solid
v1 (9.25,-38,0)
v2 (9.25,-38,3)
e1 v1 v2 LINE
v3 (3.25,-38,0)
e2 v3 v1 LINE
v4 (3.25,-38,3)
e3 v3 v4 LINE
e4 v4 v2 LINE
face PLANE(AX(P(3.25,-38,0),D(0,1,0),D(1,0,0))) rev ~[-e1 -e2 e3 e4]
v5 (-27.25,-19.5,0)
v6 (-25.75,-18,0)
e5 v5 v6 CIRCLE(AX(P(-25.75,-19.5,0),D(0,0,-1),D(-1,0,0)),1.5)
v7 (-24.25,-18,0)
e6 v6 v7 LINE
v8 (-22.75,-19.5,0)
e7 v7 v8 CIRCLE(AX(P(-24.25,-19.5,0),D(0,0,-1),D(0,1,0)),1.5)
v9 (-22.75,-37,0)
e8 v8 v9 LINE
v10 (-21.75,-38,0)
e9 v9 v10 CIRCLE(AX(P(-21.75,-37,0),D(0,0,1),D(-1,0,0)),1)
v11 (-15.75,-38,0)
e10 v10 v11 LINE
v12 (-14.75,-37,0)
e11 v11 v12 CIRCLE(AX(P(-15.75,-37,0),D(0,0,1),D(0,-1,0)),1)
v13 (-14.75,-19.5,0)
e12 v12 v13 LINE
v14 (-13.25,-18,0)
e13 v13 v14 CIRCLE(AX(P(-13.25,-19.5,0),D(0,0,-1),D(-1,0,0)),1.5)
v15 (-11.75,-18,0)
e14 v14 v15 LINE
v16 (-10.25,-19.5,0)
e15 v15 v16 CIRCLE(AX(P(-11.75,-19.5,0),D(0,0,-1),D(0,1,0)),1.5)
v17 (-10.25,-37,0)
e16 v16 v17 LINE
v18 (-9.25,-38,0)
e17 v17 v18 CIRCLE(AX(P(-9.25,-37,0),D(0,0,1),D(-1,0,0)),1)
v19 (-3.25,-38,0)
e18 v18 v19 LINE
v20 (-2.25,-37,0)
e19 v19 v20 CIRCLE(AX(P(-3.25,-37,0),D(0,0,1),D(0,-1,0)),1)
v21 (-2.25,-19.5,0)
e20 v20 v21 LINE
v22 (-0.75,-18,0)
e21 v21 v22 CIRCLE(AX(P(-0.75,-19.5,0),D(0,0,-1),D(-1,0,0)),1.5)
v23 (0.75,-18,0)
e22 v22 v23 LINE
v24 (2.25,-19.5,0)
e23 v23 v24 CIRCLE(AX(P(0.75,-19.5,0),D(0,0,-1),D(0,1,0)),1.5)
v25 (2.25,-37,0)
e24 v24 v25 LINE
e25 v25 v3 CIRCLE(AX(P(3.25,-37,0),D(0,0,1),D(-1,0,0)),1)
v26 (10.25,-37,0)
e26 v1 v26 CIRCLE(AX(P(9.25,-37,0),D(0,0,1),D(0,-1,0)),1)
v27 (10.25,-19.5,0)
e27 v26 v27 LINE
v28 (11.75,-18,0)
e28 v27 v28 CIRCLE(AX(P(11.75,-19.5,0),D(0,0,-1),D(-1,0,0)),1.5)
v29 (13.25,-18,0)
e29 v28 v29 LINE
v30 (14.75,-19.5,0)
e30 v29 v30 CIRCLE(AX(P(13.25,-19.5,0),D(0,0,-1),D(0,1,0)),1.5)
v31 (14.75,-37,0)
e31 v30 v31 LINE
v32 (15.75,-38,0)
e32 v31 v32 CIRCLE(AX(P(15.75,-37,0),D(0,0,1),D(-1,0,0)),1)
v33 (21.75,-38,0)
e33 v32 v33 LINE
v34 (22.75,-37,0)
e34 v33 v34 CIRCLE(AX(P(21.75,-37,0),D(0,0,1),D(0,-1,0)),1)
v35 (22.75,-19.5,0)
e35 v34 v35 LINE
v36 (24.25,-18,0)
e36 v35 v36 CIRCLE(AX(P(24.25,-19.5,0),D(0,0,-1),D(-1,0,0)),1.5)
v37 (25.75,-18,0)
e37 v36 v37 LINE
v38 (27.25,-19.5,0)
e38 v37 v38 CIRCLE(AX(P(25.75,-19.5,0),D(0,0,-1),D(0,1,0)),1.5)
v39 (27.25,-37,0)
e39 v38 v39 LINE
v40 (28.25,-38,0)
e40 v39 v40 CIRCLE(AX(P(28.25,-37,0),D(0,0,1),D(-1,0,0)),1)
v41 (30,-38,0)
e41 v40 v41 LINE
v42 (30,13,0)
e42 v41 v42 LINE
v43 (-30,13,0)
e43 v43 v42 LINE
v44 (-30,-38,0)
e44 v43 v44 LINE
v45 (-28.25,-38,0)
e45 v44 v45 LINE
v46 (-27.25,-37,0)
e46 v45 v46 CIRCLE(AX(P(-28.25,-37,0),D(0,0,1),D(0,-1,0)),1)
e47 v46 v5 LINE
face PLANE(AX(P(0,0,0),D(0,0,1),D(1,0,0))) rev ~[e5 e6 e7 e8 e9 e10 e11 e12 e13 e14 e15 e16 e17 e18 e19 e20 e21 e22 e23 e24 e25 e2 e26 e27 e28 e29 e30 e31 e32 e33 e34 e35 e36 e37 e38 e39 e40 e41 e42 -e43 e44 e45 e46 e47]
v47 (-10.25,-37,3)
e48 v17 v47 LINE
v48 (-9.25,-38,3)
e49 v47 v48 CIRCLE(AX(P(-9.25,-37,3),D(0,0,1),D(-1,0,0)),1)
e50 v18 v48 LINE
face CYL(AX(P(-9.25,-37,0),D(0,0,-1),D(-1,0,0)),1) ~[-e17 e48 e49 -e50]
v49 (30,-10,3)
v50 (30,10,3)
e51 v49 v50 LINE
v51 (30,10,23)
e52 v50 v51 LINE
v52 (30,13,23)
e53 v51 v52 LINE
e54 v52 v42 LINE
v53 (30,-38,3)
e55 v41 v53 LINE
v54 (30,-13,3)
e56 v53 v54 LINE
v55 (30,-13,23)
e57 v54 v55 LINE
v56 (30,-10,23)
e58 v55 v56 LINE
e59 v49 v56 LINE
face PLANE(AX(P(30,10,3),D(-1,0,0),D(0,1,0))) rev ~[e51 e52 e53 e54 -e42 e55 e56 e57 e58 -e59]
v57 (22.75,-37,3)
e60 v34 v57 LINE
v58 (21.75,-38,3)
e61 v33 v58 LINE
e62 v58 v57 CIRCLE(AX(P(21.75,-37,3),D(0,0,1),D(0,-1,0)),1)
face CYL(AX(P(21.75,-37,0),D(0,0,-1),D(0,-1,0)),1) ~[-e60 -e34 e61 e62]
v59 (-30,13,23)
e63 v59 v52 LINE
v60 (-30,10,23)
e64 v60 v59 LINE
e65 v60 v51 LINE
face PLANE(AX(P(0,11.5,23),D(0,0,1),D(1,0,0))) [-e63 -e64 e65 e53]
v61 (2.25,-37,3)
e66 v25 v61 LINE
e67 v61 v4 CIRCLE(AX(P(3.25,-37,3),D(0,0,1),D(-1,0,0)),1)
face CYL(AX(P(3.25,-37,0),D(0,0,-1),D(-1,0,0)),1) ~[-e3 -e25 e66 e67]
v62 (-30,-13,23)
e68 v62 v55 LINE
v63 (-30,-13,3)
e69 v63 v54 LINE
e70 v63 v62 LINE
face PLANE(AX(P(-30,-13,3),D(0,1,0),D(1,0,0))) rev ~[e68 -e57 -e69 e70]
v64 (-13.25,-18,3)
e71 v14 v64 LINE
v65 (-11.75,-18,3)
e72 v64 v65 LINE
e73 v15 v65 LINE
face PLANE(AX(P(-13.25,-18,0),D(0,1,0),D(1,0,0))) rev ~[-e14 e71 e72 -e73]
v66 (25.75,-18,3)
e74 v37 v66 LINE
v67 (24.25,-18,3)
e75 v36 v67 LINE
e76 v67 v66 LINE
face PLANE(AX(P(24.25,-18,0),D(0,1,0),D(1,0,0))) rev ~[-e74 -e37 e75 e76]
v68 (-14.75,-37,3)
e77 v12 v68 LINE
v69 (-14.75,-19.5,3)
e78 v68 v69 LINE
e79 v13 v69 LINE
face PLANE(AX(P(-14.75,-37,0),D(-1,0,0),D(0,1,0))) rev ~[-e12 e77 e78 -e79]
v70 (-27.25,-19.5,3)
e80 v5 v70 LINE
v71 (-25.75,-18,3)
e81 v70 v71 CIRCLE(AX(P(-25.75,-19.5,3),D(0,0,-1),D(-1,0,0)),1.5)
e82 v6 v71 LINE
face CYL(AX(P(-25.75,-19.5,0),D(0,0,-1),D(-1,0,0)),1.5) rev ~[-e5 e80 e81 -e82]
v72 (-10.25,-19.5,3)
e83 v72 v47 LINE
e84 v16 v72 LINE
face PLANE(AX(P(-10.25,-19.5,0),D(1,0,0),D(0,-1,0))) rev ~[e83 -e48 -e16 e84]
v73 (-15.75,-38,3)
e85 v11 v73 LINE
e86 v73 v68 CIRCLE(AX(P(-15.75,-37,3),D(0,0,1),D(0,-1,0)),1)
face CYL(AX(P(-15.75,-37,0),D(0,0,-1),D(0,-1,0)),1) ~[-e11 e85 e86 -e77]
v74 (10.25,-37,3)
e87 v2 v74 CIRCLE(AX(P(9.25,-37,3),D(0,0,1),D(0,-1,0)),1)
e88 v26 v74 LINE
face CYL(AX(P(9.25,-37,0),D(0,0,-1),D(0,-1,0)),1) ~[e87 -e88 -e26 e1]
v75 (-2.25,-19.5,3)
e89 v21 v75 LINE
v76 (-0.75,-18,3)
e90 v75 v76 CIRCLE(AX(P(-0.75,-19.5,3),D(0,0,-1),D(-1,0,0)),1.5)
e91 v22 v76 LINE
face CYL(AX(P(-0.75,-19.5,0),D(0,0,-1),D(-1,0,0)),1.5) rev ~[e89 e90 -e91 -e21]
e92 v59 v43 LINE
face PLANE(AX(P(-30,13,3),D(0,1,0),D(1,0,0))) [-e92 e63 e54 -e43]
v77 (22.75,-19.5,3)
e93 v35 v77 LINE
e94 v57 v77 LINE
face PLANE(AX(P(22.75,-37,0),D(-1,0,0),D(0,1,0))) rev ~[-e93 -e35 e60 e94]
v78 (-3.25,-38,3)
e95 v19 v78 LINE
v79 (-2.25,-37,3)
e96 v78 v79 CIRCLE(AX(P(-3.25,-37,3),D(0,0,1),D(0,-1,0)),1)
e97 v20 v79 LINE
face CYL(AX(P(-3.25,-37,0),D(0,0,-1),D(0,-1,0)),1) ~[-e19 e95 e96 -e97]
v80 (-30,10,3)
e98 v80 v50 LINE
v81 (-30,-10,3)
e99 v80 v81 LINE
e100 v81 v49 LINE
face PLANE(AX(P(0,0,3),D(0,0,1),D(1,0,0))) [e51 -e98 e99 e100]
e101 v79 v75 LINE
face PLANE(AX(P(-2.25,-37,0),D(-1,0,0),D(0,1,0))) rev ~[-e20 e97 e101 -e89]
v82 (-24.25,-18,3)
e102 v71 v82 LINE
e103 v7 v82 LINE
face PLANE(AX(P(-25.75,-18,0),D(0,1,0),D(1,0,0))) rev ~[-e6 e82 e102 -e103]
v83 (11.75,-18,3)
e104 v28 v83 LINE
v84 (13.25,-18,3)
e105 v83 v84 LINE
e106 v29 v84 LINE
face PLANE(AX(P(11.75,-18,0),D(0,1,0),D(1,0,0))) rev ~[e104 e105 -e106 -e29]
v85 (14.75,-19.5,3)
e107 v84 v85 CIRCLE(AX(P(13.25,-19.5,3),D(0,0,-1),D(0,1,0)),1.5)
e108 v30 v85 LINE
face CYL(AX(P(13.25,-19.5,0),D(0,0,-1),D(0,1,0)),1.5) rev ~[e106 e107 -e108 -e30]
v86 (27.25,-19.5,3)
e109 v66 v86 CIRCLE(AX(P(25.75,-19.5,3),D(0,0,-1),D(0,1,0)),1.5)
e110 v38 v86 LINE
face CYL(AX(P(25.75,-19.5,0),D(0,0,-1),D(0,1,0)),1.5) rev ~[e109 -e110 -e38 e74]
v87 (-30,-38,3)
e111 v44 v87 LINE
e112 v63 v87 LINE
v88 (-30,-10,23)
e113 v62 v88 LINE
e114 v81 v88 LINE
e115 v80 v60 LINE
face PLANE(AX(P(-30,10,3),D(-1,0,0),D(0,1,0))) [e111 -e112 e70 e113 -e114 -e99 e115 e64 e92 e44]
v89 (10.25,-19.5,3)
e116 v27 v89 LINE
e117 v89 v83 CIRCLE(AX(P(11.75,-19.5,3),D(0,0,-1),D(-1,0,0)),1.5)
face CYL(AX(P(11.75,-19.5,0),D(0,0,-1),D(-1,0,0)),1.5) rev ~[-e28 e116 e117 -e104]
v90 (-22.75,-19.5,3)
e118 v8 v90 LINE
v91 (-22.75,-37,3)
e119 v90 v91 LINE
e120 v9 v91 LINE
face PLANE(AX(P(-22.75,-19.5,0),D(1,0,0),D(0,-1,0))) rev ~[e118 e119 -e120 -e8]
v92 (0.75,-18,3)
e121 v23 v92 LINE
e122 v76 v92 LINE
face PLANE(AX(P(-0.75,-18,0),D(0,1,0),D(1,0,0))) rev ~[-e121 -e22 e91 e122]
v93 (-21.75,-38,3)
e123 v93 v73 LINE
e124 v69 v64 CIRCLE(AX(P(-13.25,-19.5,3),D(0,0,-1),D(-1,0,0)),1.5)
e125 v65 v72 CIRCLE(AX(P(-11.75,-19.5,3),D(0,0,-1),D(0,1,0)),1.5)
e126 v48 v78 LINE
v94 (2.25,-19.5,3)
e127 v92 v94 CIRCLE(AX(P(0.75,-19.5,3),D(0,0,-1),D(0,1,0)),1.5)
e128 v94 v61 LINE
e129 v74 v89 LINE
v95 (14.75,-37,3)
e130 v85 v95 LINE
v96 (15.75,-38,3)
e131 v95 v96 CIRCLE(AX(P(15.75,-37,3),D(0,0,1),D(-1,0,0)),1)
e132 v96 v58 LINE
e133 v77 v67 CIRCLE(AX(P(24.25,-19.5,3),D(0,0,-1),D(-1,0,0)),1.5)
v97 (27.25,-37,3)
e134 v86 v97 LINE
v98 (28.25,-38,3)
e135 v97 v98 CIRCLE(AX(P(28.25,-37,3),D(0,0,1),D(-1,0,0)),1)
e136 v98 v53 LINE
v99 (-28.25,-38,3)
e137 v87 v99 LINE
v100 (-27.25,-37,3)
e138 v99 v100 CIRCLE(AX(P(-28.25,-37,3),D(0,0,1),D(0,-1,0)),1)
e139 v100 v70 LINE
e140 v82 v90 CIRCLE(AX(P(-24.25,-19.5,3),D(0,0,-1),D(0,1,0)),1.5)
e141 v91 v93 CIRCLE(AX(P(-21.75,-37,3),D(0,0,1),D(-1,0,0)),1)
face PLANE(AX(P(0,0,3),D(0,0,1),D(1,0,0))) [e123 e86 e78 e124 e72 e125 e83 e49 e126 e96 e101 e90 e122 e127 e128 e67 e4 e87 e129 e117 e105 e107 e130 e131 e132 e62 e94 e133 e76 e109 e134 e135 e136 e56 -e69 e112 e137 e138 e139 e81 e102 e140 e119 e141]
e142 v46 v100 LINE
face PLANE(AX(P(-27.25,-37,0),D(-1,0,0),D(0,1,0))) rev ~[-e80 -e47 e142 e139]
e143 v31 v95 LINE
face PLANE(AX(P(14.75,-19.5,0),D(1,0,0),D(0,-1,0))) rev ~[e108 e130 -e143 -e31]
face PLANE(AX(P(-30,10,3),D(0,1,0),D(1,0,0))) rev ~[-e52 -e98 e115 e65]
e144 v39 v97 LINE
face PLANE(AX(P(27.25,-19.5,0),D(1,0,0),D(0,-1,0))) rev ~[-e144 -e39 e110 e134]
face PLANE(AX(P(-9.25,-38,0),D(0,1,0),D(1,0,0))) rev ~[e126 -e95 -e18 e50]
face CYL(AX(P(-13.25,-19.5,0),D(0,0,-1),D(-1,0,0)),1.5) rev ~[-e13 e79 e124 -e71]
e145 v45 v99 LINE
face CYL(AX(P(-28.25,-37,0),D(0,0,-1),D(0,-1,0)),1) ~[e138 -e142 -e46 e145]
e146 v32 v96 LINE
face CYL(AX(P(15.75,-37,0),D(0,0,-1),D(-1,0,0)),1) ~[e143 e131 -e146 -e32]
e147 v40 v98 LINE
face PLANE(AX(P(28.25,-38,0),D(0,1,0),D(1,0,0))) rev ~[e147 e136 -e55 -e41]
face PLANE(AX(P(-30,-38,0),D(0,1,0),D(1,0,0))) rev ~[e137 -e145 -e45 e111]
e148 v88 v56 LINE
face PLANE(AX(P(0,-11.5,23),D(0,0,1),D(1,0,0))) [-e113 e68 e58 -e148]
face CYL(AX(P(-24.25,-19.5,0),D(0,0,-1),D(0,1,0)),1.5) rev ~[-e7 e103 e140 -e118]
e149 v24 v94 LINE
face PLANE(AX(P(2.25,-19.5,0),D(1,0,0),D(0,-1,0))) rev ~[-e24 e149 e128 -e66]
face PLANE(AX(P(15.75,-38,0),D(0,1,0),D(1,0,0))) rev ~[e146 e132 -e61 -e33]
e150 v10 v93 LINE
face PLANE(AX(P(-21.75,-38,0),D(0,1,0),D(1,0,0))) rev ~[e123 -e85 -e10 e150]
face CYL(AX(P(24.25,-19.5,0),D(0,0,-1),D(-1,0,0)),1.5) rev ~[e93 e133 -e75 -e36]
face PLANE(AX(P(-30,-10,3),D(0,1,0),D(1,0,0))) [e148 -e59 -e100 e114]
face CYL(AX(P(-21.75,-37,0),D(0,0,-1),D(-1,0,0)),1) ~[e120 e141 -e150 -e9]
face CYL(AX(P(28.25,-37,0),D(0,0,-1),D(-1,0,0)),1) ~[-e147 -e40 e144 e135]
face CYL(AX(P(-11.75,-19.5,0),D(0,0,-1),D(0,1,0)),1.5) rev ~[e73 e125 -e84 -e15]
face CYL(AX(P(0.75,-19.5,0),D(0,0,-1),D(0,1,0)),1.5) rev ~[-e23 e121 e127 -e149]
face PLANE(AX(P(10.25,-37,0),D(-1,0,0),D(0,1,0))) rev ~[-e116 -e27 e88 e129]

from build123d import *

# Parameters (mm, degrees)
F0_W     = 60
F0_H     = 26
F1_DEPTH = 3
F2_W     = 60
F2_H     = 3
F3_DEPTH = 20
F4_W     = 60
F4_H     = 3
F5_DEPTH = 20


with BuildPart() as f1:
    # F0 (on Top) → F1 (new body)
    with BuildSketch(Plane.XY):
        Rectangle(F0_W, F0_H)
        with BuildLine():
            Line((30, -13), (-30, -13))
            Line((-30, -13), (-30, -38))
            Line((-30, -38), (-28.25, -38))
            ThreePointArc((-28.25, -38), (-27.5428932188, -37.7071067812), (-27.25, -37))
            Line((-27.25, -37), (-27.25, -19.5))
            ThreePointArc((-27.25, -19.5), (-26.8106601718, -18.4393398282), (-25.75, -18))
            Line((-25.75, -18), (-24.25, -18))
            ThreePointArc((-24.25, -18), (-23.1893398282, -18.4393398282), (-22.75, -19.5))
            Line((-22.75, -19.5), (-22.75, -37))
            ThreePointArc((-22.75, -37), (-22.4571067812, -37.7071067812), (-21.75, -38))
            Line((-21.75, -38), (-18.75, -38))
            Line((-18.75, -38), (-15.75, -38))
            ThreePointArc((-15.75, -38), (-15.0428932188, -37.7071067812), (-14.75, -37))
            Line((-14.75, -37), (-14.75, -19.5))
            ThreePointArc((-14.75, -19.5), (-14.3106601718, -18.4393398282), (-13.25, -18))
            Line((-13.25, -18), (-11.75, -18))
            ThreePointArc((-11.75, -18), (-10.6893398282, -18.4393398282), (-10.25, -19.5))
            Line((-10.25, -19.5), (-10.25, -37))
            ThreePointArc((-10.25, -37), (-9.9571067812, -37.7071067812), (-9.25, -38))
            Line((-9.25, -38), (-3.25, -38))
            ThreePointArc((-3.25, -38), (-2.5428932188, -37.7071067812), (-2.25, -37))
            Line((-2.25, -37), (-2.25, -19.5))
            ThreePointArc((-2.25, -19.5), (-1.8106601718, -18.4393398282), (-0.75, -18))
            Line((-0.75, -18), (0.75, -18))
            ThreePointArc((0.75, -18), (1.8106601718, -18.4393398282), (2.25, -19.5))
            Line((2.25, -19.5), (2.25, -37))
            ThreePointArc((2.25, -37), (2.5428932188, -37.7071067812), (3.25, -38))
            Line((3.25, -38), (9.25, -38))
            ThreePointArc((9.25, -38), (9.9571067812, -37.7071067812), (10.25, -37))
            Line((10.25, -37), (10.25, -19.5))
            ThreePointArc((10.25, -19.5), (10.6893398282, -18.4393398282), (11.75, -18))
            Line((11.75, -18), (13.25, -18))
            ThreePointArc((13.25, -18), (14.3106601718, -18.4393398282), (14.75, -19.5))
            Line((14.75, -19.5), (14.75, -37))
            ThreePointArc((14.75, -37), (15.0428932188, -37.7071067812), (15.75, -38))
            Line((15.75, -38), (21.75, -38))
            ThreePointArc((21.75, -38), (22.4571067812, -37.7071067812), (22.75, -37))
            Line((22.75, -37), (22.75, -19.5))
            ThreePointArc((22.75, -19.5), (23.1893398282, -18.4393398282), (24.25, -18))
            Line((24.25, -18), (25.75, -18))
            ThreePointArc((25.75, -18), (26.8106601718, -18.4393398282), (27.25, -19.5))
            Line((27.25, -19.5), (27.25, -37))
            ThreePointArc((27.25, -37), (27.5428932188, -37.7071067812), (28.25, -38))
            Line((28.25, -38), (30, -38))
            Line((30, -38), (30, -13))
        make_face()
    extrude(amount=F1_DEPTH)

    # F2 (on face) → F3 (join)
    with BuildSketch(Plane.XY.offset(3)):
        with Locations((0, 11.5)):
            Rectangle(F2_W, F2_H)
    extrude(amount=F3_DEPTH)

    # F4 (on face) → F5 (join)
    with BuildSketch(Plane.XY.offset(3)):
        with Locations((0, -11.5)):
            Rectangle(F4_W, F4_H)
    extrude(amount=F5_DEPTH)


solid = f1.part
